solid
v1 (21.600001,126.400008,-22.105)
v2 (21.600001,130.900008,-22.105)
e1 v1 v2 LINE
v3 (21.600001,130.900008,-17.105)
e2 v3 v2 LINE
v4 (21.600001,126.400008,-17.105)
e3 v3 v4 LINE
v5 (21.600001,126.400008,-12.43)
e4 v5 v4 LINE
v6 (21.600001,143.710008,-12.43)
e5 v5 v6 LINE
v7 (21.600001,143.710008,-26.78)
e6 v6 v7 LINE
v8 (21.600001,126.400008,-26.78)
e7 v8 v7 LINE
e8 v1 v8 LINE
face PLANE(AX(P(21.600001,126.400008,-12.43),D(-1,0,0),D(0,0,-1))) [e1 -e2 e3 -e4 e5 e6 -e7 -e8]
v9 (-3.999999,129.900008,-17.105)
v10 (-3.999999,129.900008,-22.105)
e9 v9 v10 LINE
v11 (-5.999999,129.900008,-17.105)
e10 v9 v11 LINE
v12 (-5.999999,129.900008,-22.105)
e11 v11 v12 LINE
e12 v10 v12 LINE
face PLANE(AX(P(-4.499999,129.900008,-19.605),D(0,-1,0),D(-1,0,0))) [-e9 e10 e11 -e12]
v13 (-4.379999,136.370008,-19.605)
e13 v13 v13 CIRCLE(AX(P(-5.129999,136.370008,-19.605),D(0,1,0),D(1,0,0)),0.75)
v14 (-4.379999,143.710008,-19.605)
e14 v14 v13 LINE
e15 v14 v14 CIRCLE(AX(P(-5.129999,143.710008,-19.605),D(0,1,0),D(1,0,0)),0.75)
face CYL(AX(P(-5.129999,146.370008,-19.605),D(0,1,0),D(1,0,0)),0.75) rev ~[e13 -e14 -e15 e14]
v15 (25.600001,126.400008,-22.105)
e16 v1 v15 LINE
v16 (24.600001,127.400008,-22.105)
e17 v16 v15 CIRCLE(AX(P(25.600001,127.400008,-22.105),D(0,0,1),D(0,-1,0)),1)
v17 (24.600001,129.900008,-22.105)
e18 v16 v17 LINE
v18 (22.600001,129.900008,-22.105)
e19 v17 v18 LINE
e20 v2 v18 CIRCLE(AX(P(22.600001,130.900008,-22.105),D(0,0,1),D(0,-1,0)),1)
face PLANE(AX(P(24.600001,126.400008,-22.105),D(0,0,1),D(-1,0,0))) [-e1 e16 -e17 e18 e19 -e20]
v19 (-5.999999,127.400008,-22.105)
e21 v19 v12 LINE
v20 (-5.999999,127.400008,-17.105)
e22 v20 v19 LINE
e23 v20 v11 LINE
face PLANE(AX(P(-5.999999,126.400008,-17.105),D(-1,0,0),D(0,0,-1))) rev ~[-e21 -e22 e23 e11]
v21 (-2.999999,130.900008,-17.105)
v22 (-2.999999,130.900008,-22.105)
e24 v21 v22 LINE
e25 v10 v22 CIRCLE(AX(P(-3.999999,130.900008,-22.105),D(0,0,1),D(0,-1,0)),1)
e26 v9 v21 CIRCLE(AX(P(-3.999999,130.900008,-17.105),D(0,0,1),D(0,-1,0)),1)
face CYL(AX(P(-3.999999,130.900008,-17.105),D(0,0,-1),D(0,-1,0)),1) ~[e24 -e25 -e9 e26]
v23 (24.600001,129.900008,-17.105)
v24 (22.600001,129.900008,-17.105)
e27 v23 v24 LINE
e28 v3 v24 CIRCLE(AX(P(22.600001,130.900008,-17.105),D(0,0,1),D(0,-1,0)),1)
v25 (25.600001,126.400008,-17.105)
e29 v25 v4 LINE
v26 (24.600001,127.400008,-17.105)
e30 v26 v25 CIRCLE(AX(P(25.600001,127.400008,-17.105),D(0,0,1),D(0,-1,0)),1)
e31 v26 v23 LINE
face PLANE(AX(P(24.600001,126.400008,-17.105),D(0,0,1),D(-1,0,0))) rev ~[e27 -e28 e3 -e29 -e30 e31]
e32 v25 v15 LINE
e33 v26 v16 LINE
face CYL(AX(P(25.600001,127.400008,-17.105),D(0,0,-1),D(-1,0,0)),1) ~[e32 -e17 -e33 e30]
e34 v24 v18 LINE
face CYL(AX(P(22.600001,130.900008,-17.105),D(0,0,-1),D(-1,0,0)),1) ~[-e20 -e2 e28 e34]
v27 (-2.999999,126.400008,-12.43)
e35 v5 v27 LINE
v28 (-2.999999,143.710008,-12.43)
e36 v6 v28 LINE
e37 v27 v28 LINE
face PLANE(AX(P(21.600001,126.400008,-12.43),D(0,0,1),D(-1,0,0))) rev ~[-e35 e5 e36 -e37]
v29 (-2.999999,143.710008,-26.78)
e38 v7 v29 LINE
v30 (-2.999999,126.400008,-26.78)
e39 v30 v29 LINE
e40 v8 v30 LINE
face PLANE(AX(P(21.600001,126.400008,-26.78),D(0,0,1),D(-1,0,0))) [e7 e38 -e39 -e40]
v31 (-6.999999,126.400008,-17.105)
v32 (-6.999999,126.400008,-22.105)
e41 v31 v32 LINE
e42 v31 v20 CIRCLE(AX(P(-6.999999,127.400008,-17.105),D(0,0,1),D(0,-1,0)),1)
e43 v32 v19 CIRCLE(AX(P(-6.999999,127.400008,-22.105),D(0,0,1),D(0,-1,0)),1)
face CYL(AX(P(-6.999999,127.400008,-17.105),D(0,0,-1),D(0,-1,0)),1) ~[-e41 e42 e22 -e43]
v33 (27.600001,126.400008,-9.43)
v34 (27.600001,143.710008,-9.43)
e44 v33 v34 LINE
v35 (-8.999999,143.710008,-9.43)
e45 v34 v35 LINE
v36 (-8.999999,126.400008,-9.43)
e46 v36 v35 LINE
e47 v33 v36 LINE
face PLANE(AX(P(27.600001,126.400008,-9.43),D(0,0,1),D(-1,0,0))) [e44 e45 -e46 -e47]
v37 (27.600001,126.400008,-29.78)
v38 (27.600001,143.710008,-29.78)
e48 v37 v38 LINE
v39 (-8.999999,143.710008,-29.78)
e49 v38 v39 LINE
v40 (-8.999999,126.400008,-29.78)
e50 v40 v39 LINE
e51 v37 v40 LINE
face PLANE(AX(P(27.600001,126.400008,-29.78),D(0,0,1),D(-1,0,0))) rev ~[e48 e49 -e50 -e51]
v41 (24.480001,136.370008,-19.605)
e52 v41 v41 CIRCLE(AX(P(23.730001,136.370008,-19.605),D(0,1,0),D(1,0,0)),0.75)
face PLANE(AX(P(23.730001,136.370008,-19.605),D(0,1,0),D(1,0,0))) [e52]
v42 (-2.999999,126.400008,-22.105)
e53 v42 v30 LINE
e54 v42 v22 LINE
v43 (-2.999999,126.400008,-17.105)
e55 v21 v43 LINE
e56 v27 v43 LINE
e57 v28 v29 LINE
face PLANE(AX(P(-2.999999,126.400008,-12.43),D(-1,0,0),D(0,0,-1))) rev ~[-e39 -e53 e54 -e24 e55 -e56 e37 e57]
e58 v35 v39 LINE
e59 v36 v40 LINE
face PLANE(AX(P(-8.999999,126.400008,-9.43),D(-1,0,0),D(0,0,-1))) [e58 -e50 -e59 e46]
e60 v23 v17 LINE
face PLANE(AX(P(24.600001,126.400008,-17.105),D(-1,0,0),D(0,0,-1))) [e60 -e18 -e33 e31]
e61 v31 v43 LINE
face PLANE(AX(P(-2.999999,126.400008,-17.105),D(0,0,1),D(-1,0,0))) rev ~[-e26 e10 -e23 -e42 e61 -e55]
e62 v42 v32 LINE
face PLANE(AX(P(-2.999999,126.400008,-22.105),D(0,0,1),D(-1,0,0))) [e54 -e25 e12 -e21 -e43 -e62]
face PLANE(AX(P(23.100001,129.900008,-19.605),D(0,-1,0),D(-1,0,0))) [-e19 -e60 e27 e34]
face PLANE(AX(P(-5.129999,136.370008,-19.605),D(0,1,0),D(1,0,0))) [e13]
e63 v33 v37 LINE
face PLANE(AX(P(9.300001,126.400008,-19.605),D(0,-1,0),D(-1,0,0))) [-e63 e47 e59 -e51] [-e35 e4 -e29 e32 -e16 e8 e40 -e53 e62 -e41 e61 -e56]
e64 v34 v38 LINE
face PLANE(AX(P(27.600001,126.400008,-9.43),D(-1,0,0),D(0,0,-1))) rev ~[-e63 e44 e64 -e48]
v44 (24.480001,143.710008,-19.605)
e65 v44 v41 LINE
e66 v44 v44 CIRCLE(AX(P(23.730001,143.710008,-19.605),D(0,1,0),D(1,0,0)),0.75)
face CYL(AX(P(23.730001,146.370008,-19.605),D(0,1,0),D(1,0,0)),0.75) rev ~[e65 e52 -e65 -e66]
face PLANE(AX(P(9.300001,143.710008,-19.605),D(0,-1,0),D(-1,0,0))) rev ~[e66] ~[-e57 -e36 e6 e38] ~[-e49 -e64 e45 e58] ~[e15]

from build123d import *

# Parameters (mm, degrees)
SKETCH040_W             = 36.6
SKETCH040_H             = 20.35
SKETCH040_W_2           = 24.6
SKETCH040_H_2           = 14.35
PAD021_DEPTH            = 17.31
SKETCH042_R             = 0.75
POCKET015_DEPTH         = 10
SKETCH041_W             = 3
SKETCH041_H             = 5
POCKET014_DEPTH         = 3.5
FILLET021_R             = 1
FILLET019_R             = 1
FILLET023_R             = 1
FILLET022_R             = 1
BODY010_PLACEMENT_ANGLE = 180


with BuildPart() as part:
    # Sketch040 (on Face1 of ReferencePocket006) → Pad021 (new body)
    with BuildSketch(Plane.XZ):
        with Locations((11.3, 6.175)):
            Rectangle(SKETCH040_W, SKETCH040_H)
        with Locations((11.3, 6.175)):
            Rectangle(SKETCH040_W_2, SKETCH040_H_2, mode=Mode.SUBTRACT)
    extrude(amount=-PAD021_DEPTH)

    # Sketch042 (on Face10 of Pad022) → Pocket015 (cut)
    with BuildSketch(Plane(origin=(0, 19.97, 0), x_dir=(-1, 0, 0), z_dir=(0, 1, 0))):
        with Locations((-25.73, 6.175)):
            Circle(SKETCH042_R)
        with Locations((3.13, 6.175)):
            Circle(SKETCH042_R)
    extrude(amount=-POCKET015_DEPTH, mode=Mode.SUBTRACT)

    # Sketch041 (on Face4 of Pocket015) → Pocket014 (cut)
    with BuildSketch(Plane.XZ):
        with Locations((-2.5, 6.175)):
            Rectangle(SKETCH041_W, SKETCH041_H)
        with Locations((25.1, 6.175)):
            Rectangle(SKETCH041_W, SKETCH041_H)
    extrude(amount=-POCKET014_DEPTH, mode=Mode.SUBTRACT)

    # Fillet021
    fillet021_edges = [part.edges().sort_by_distance(p)[0] for p in [
        (26.6, 0, 6.175),
    ]]
    fillet(fillet021_edges, radius=FILLET021_R)

    # Fillet019
    fillet019_edges = [part.edges().sort_by_distance(p)[0] for p in [
        (23.6, 3.5, 6.175),
    ]]
    fillet(fillet019_edges, radius=FILLET019_R)

    # Fillet023
    fillet023_edges = [part.edges().sort_by_distance(p)[0] for p in [
        (-1, 3.5, 6.175),
    ]]
    fillet(fillet023_edges, radius=FILLET023_R)

    # Fillet022
    fillet022_edges = [part.edges().sort_by_distance(p)[0] for p in [
        (-4, 0, 6.175),
    ]]
    fillet(fillet022_edges, radius=FILLET022_R)


with BuildPart() as part_1:
    # Body010 placement: moved
    add(part.part.moved(Location((20.600001, 126.400008, -13.43))).rotate(Axis((20.600001, 126.400008, -13.43), (0, 1, 0)), BODY010_PLACEMENT_ANGLE))


solid = part_1.part
